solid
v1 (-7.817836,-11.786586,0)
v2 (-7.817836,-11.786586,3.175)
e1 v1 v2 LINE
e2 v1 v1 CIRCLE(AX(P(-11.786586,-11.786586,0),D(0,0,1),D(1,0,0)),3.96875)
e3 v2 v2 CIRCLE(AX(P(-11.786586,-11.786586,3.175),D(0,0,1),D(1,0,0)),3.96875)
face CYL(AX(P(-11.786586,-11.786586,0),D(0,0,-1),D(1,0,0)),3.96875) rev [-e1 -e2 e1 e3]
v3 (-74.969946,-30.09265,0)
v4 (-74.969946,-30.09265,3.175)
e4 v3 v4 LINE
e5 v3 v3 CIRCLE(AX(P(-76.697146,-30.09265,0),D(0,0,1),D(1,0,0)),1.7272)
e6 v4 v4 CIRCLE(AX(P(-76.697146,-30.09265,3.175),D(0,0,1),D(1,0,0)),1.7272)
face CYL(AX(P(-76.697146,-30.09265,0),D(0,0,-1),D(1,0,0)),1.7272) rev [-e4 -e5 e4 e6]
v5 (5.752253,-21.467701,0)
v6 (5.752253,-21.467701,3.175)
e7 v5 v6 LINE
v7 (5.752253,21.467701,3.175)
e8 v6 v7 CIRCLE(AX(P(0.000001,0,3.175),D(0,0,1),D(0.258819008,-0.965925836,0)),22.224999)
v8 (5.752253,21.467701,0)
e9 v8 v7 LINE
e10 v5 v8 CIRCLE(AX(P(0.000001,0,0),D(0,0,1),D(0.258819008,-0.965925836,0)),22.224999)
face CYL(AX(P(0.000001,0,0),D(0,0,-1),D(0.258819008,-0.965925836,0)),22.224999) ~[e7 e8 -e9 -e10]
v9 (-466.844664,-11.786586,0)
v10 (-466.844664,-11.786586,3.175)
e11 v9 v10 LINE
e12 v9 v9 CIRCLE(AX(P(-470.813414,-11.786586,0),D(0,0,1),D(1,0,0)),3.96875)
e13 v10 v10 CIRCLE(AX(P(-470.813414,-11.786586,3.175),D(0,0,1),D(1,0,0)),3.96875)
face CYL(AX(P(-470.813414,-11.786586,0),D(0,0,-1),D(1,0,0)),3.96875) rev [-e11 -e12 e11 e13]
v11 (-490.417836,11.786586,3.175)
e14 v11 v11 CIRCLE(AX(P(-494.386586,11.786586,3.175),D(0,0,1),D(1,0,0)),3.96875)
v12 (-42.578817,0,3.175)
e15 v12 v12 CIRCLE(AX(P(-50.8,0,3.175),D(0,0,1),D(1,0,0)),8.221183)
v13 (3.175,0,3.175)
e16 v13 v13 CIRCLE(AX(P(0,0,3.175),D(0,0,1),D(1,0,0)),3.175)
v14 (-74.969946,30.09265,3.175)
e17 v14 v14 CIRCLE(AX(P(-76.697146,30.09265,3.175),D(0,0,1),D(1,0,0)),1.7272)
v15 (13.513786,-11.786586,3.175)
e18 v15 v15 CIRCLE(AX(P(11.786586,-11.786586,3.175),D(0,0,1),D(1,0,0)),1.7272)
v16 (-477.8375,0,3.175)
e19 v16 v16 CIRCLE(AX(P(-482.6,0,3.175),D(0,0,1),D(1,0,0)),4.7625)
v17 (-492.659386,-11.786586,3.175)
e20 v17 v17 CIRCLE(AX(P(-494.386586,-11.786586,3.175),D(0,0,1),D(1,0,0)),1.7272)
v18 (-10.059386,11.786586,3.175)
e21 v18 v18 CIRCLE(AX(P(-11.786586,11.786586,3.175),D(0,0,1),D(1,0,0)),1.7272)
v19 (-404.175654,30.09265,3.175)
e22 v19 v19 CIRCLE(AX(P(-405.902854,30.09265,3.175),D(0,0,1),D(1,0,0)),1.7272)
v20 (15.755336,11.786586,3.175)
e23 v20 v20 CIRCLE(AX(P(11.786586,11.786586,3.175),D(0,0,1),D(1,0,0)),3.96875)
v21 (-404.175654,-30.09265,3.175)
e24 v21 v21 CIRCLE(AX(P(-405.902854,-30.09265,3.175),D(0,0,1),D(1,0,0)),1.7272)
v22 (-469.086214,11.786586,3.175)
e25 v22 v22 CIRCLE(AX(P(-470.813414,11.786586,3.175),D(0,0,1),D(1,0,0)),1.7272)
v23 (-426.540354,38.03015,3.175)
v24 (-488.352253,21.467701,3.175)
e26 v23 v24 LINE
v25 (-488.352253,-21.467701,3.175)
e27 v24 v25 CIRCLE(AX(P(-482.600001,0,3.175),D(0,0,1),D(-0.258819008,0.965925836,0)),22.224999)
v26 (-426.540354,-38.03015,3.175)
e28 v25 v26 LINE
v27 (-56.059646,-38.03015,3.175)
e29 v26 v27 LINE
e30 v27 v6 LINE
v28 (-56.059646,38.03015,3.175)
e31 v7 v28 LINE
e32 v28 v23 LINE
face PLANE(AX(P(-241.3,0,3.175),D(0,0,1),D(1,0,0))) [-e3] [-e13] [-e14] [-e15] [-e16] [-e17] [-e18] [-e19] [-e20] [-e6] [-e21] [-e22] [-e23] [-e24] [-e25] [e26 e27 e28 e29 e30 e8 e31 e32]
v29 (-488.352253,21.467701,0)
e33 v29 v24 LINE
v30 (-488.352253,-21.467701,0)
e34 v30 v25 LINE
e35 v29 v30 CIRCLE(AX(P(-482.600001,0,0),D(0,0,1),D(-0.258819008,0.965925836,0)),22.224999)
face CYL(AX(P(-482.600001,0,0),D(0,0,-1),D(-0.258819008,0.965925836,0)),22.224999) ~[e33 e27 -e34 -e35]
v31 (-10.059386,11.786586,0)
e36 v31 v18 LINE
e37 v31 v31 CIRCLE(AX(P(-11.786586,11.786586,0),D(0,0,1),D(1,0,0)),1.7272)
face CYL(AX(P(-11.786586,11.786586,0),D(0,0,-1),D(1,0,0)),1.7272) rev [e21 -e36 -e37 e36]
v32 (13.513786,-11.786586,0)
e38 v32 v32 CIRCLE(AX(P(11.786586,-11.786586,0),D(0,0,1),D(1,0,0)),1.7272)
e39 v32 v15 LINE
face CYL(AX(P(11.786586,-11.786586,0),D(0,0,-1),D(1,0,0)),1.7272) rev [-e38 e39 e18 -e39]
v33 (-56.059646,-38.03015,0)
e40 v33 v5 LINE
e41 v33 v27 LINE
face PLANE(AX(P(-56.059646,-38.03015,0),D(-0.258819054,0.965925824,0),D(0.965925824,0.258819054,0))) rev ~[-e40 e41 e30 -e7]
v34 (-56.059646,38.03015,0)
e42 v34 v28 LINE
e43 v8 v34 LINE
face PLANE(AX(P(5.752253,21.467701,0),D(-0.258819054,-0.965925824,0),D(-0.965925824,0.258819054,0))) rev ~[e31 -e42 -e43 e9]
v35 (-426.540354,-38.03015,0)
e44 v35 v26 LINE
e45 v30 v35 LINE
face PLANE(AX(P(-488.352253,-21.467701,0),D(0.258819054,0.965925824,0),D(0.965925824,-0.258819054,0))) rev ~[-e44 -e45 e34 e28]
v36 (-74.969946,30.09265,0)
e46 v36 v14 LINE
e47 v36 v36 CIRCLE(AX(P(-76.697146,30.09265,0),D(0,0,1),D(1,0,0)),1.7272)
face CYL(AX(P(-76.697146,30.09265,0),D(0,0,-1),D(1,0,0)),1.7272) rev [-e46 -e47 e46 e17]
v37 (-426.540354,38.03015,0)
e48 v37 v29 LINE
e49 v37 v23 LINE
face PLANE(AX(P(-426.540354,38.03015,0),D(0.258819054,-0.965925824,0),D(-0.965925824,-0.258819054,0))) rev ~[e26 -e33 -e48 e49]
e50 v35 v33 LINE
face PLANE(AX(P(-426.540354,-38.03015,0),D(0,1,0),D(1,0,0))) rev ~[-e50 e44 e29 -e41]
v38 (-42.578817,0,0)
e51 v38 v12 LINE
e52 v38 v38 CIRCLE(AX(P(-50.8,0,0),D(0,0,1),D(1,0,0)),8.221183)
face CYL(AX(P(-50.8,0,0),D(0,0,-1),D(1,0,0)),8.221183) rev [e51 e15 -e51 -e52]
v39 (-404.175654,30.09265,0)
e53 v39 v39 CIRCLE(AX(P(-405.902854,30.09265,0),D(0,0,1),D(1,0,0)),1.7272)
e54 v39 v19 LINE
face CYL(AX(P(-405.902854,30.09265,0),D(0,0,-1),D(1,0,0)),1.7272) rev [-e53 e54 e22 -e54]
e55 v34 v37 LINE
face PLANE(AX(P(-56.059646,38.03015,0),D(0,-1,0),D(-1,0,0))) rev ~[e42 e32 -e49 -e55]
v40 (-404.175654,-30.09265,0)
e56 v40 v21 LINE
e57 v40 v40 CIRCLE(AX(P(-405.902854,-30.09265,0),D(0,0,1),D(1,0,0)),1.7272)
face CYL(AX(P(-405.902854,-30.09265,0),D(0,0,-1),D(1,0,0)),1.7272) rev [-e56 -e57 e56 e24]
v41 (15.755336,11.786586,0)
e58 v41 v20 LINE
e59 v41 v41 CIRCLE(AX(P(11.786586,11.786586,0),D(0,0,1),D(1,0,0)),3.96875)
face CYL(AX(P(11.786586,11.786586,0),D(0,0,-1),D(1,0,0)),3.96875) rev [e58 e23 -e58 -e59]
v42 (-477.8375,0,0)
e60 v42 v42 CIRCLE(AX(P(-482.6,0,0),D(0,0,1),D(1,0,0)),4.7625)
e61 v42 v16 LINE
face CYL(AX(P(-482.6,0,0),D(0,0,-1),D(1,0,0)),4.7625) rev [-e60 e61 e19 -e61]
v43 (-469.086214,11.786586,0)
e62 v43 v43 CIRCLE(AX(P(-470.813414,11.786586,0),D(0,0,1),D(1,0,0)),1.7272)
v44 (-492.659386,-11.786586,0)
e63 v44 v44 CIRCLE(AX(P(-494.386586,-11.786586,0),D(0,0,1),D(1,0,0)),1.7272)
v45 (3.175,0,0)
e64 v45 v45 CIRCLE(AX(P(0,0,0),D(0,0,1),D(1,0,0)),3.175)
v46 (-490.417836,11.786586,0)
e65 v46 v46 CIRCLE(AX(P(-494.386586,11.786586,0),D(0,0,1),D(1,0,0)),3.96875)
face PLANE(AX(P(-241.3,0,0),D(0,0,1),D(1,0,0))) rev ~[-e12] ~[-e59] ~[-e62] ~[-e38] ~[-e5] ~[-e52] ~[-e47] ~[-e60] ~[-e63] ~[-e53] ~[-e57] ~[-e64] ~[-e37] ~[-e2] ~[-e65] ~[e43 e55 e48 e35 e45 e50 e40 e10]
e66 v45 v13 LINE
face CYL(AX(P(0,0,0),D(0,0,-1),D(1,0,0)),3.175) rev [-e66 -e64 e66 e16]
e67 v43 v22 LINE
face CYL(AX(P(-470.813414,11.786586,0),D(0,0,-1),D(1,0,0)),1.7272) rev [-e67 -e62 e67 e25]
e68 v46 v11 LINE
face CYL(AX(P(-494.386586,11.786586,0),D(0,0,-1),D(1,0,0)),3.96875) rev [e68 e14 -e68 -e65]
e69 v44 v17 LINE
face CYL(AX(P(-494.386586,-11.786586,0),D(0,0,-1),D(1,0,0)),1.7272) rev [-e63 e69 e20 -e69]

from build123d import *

# Parameters (mm, degrees)
F0_R     = 1.7272
F0_R_2   = 3.96875
F0_R_3   = 4.7625
F0_R_4   = 8.221183
F0_R_5   = 3.175
F1_DEPTH = 3.175


with BuildPart() as f1:
    # F0 (on Top) → F1 (new body)
    with BuildSketch(Plane.XY):
        with BuildLine():
            Line((-426.540354, 38.03015), (-488.352253, 21.467701))
            ThreePointArc((-488.352253, 21.467701), (-504.825, 0), (-488.352253, -21.467701))
            Line((-488.352253, -21.467701), (-426.540354, -38.03015))
            Line((-426.540354, -38.03015), (-420.190354, -38.03015))
            Line((-420.190354, -38.03015), (-62.409646, -38.03015))
            Line((-62.409646, -38.03015), (-56.059646, -38.03015))
            Line((-56.059646, -38.03015), (5.752253, -21.467701))
            ThreePointArc((5.752253, -21.467701), (22.225, 0), (5.752253, 21.467701))
            Line((5.752253, 21.467701), (-56.059646, 38.03015))
            Line((-56.059646, 38.03015), (-62.409646, 38.03015))
            Line((-62.409646, 38.03015), (-420.190354, 38.03015))
            Line((-420.190354, 38.03015), (-426.540354, 38.03015))
        make_face()
        with Locations((-405.902854, -30.09265)):
            Circle(F0_R, mode=Mode.SUBTRACT)
        with Locations((-494.386586, -11.786586)):
            Circle(F0_R, mode=Mode.SUBTRACT)
        with Locations((-470.813414, -11.786586)):
            Circle(F0_R_2, mode=Mode.SUBTRACT)
        with Locations((-76.697146, -30.09265)):
            Circle(F0_R, mode=Mode.SUBTRACT)
        with Locations((-11.786586, -11.786586)):
            Circle(F0_R_2, mode=Mode.SUBTRACT)
        with Locations((11.786586, -11.786586)):
            Circle(F0_R, mode=Mode.SUBTRACT)
        with Locations((-482.6, 0)):
            Circle(F0_R_3, mode=Mode.SUBTRACT)
        with Locations((-494.386586, 11.786586)):
            Circle(F0_R_2, mode=Mode.SUBTRACT)
        with Locations((-470.813414, 11.786586)):
            Circle(F0_R, mode=Mode.SUBTRACT)
        with Locations((-405.902854, 30.09265)):
            Circle(F0_R, mode=Mode.SUBTRACT)
        with Locations((-50.8, 0)):
            Circle(F0_R_4, mode=Mode.SUBTRACT)
        Circle(F0_R_5, mode=Mode.SUBTRACT)
        with Locations((-11.786586, 11.786586)):
            Circle(F0_R, mode=Mode.SUBTRACT)
        with Locations((11.786586, 11.786586)):
            Circle(F0_R_2, mode=Mode.SUBTRACT)
        with Locations((-76.697146, 30.09265)):
            Circle(F0_R, mode=Mode.SUBTRACT)
    extrude(amount=F1_DEPTH)


solid = f1.part
